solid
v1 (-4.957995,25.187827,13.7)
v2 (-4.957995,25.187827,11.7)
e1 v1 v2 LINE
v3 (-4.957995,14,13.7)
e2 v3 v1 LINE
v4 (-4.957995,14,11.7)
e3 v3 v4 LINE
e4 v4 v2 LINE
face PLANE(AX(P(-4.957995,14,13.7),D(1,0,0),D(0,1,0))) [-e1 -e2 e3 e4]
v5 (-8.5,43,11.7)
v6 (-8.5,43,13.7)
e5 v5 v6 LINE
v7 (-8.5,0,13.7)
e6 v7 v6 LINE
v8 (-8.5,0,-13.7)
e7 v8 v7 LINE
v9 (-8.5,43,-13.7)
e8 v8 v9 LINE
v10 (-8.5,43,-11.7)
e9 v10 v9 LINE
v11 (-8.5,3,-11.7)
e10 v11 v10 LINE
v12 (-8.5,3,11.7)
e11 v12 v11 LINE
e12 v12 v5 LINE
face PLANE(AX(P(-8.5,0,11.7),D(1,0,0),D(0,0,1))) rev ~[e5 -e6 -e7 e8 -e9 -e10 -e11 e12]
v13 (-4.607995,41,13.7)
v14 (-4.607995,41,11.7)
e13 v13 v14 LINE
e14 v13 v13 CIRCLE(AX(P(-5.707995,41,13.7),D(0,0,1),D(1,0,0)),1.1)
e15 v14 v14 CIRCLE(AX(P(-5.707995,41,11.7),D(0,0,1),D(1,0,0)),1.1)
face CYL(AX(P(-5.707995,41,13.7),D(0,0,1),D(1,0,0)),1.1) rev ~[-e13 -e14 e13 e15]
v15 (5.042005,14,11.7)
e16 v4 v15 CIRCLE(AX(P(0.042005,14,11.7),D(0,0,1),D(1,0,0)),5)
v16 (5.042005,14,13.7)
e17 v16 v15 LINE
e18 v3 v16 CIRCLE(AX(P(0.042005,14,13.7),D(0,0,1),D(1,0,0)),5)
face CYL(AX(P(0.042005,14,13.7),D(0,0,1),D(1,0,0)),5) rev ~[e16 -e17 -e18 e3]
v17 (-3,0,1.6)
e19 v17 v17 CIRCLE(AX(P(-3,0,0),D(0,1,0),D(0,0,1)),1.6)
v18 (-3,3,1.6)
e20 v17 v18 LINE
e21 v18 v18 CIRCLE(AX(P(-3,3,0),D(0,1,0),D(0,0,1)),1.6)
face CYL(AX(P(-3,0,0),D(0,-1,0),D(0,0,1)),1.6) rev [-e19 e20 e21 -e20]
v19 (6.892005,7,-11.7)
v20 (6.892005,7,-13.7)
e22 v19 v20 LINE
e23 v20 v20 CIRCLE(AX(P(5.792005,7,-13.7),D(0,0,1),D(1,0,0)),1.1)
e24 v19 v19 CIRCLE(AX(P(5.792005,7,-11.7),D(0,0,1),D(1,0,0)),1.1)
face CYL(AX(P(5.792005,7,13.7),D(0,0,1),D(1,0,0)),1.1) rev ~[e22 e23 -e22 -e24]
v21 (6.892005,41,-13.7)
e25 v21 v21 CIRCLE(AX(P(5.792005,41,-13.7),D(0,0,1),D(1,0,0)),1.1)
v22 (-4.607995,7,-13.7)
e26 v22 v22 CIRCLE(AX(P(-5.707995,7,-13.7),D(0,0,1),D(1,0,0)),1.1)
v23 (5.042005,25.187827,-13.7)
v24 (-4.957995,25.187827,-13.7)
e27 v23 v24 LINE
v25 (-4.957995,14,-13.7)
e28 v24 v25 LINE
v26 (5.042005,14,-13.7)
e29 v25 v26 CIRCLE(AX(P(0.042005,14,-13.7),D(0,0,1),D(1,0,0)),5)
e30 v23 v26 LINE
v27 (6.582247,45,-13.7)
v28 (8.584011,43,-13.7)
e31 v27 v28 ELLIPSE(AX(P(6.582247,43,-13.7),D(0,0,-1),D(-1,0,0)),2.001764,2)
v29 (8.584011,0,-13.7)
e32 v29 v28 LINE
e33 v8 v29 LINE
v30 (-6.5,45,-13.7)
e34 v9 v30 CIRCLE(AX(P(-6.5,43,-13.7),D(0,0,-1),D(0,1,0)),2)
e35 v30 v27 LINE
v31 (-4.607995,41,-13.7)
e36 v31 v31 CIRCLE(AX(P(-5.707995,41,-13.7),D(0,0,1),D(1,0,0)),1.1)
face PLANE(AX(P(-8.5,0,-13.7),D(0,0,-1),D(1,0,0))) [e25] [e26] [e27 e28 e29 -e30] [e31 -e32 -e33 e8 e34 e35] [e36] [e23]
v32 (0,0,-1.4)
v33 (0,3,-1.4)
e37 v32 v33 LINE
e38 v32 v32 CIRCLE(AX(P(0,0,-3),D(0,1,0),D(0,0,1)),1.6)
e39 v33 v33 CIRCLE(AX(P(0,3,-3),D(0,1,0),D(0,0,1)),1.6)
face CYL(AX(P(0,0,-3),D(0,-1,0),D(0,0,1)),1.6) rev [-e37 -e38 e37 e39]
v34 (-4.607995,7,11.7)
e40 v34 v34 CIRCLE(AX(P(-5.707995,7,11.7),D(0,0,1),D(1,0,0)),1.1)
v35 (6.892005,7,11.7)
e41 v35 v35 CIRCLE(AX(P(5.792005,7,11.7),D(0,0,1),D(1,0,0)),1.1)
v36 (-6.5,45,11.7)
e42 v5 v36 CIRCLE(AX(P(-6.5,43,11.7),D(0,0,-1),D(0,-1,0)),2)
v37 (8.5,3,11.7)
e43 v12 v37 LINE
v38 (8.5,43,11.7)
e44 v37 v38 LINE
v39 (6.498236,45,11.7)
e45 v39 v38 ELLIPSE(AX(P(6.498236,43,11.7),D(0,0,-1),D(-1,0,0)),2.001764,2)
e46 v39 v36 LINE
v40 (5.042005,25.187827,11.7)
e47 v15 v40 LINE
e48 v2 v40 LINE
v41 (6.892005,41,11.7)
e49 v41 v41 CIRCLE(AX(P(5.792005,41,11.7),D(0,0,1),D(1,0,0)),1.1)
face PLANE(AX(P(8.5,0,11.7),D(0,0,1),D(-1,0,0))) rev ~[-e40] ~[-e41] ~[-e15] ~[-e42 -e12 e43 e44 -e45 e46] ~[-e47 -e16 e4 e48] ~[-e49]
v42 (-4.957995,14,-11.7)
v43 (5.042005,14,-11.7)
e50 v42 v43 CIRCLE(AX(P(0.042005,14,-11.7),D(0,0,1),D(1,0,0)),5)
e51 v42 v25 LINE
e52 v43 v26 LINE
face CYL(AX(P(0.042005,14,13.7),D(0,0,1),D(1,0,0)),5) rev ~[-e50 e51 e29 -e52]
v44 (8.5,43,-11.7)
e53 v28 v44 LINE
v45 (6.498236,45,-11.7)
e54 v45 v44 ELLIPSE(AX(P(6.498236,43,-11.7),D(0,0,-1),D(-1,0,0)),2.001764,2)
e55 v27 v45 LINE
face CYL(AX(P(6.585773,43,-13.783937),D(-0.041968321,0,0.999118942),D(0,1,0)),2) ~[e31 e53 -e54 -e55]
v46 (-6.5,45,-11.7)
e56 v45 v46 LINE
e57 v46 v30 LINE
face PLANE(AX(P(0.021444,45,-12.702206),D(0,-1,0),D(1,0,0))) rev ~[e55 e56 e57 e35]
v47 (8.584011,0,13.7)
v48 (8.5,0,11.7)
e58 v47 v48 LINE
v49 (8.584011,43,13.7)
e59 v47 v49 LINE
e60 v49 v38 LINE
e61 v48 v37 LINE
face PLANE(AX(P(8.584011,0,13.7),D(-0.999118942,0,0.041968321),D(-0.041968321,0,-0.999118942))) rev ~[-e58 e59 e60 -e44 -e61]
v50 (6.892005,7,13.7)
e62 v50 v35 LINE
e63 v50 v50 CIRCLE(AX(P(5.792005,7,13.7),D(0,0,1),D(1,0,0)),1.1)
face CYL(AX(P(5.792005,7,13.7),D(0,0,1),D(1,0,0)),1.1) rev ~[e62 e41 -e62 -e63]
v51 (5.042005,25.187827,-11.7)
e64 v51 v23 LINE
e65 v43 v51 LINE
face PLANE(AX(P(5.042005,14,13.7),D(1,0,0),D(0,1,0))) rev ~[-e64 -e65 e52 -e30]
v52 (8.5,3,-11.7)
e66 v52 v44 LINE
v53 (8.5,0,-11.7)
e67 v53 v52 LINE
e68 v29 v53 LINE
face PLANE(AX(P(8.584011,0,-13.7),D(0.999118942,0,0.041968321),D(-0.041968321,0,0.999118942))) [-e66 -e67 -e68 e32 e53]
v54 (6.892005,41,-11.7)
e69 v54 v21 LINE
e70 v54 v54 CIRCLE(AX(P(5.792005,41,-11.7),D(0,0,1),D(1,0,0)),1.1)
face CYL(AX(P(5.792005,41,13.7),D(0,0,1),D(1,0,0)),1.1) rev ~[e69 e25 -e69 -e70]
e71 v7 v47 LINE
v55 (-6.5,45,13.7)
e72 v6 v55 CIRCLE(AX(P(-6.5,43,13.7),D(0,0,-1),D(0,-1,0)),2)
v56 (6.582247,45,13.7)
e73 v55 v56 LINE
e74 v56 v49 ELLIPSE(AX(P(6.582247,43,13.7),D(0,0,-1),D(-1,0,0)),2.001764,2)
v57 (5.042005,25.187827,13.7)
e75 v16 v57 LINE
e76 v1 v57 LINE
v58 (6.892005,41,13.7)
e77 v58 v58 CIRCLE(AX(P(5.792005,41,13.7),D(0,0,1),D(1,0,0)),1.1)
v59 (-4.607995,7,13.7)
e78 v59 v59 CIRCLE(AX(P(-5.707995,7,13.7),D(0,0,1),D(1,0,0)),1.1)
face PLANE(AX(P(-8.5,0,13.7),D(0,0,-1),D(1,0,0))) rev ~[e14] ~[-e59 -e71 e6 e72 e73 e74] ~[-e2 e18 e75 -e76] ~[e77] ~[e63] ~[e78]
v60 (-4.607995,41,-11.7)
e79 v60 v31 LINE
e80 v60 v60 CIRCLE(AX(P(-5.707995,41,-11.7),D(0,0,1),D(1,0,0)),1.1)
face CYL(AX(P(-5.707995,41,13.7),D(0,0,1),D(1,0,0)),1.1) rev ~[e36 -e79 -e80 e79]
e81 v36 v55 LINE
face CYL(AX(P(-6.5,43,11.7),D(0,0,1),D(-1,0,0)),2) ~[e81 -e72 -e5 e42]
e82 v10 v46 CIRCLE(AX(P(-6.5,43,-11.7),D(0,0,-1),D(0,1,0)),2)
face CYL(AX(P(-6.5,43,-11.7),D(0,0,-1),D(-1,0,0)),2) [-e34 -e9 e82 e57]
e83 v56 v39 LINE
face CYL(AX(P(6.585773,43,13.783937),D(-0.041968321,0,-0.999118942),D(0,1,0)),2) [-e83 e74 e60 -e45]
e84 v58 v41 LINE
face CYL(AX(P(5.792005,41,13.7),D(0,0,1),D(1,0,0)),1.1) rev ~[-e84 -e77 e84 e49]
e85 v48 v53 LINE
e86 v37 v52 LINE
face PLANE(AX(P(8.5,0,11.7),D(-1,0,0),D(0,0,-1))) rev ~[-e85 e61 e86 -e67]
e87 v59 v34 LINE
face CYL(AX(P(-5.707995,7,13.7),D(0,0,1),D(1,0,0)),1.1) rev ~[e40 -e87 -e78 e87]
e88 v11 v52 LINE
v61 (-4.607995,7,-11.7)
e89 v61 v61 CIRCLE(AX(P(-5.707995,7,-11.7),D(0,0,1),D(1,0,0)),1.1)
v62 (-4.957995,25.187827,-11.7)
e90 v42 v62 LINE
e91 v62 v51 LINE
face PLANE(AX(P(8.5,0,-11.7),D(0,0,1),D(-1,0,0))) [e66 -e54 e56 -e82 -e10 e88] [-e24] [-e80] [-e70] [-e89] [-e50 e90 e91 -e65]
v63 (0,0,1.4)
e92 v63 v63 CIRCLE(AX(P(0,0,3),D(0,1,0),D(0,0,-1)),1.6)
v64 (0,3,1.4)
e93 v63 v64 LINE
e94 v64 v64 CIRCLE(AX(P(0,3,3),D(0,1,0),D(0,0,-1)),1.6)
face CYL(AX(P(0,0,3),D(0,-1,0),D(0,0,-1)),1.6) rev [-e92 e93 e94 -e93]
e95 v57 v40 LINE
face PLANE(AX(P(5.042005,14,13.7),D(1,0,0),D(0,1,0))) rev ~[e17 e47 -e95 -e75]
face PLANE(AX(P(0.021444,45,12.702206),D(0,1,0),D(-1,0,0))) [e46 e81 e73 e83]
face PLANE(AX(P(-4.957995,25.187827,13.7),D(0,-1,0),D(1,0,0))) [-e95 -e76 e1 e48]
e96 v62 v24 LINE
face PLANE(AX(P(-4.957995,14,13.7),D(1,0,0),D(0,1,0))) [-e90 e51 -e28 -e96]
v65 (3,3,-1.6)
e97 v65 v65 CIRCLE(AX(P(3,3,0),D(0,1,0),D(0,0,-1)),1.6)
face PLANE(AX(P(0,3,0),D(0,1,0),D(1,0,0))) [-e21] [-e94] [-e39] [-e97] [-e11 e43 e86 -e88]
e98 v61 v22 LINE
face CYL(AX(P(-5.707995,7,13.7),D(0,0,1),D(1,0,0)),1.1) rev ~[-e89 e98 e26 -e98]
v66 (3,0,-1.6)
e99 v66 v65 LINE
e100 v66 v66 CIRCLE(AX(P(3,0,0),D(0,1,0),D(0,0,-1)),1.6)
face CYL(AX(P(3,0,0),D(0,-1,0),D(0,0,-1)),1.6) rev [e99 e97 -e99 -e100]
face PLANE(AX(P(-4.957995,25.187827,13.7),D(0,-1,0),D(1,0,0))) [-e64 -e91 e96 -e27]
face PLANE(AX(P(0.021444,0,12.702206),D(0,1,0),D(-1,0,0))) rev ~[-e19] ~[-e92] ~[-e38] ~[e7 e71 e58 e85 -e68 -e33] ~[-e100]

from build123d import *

# Parameters (mm, degrees)
SKETCH_1_W          = 17
SKETCH_1_H          = 23.4
SKETCH_1_R          = 1.6
EXTRUDE_1_DEPTH     = 3
EXTRUDE_3_DEPTH     = 45
SKETCH_3_R          = 1.1
SKETCH_3_R_2        = 5
CUT_EXTRUDE_1_DEPTH = 45
FILLET_1_R          = 2
SKETCH_4_W          = 10
SKETCH_4_H          = 11.187827488
CUT_EXTRUDE_2_DEPTH = 29


with BuildPart() as part:
    # 草图1 → 凸台-拉伸1 (new body)
    with BuildSketch(Plane(origin=(0, 0, 0), x_dir=(1, 0, 0), z_dir=(0, 1, 0))):
        Rectangle(SKETCH_1_W, SKETCH_1_H)
        with Locations(Location((0, 3, 0), (0, 0, 270))):
            Circle(SKETCH_1_R, mode=Mode.SUBTRACT)
        with Locations(Location((-3, 0, 0), (0, 0, 270))):
            Circle(SKETCH_1_R, mode=Mode.SUBTRACT)
        with Locations(Location((0, -3, 0), (0, 0, 90))):
            Circle(SKETCH_1_R, mode=Mode.SUBTRACT)
        with Locations(Location((3, 0, 0), (0, 0, 90))):
            Circle(SKETCH_1_R, mode=Mode.SUBTRACT)
    extrude(amount=EXTRUDE_1_DEPTH)

    # 草图2 → 凸台-拉伸3 (add)
    with BuildSketch(Plane.XZ):
        Polygon((-8.5, 11.7), (-8.5, 13.7), (8.584010661, 13.7), (8.5, 11.7), align=None)
        Polygon((8.584010661, -13.7), (8.5, -11.7), (-8.5, -11.7), (-8.5, -13.7), align=None)
    extrude(amount=-EXTRUDE_3_DEPTH)

    # 草图3 → 切除-拉伸1 (cut)
    with BuildSketch(Plane.XY.offset(13.7)):
        with Locations((-5.707994669, 41)):
            Circle(SKETCH_3_R)
        with Locations((5.792005331, 41)):
            Circle(SKETCH_3_R)
        with Locations((0.042005331, 14)):
            Circle(SKETCH_3_R_2)
        with Locations((-5.707994669, 7)):
            Circle(SKETCH_3_R)
        with Locations((5.792005331, 7)):
            Circle(SKETCH_3_R)
    extrude(amount=-CUT_EXTRUDE_1_DEPTH, mode=Mode.SUBTRACT)

    # 圆角1
    fillet_1_edges = [part.edges().sort_by_distance(p)[0] for p in [
        (-8.5, 45, 12.7),
        (8.542005331, 45, 12.7),
        (-8.5, 45, -12.7),
        (8.542005331, 45, -12.7),
    ]]
    fillet(fillet_1_edges, radius=FILLET_1_R)

    # 草图4 → 切除-拉伸2 (cut)
    with BuildSketch(Plane.XY.offset(13.7)):
        with Locations((0.042005331, 19.593913744)):
            Rectangle(SKETCH_4_W, SKETCH_4_H)
    extrude(amount=-CUT_EXTRUDE_2_DEPTH, mode=Mode.SUBTRACT)


solid = part.part
